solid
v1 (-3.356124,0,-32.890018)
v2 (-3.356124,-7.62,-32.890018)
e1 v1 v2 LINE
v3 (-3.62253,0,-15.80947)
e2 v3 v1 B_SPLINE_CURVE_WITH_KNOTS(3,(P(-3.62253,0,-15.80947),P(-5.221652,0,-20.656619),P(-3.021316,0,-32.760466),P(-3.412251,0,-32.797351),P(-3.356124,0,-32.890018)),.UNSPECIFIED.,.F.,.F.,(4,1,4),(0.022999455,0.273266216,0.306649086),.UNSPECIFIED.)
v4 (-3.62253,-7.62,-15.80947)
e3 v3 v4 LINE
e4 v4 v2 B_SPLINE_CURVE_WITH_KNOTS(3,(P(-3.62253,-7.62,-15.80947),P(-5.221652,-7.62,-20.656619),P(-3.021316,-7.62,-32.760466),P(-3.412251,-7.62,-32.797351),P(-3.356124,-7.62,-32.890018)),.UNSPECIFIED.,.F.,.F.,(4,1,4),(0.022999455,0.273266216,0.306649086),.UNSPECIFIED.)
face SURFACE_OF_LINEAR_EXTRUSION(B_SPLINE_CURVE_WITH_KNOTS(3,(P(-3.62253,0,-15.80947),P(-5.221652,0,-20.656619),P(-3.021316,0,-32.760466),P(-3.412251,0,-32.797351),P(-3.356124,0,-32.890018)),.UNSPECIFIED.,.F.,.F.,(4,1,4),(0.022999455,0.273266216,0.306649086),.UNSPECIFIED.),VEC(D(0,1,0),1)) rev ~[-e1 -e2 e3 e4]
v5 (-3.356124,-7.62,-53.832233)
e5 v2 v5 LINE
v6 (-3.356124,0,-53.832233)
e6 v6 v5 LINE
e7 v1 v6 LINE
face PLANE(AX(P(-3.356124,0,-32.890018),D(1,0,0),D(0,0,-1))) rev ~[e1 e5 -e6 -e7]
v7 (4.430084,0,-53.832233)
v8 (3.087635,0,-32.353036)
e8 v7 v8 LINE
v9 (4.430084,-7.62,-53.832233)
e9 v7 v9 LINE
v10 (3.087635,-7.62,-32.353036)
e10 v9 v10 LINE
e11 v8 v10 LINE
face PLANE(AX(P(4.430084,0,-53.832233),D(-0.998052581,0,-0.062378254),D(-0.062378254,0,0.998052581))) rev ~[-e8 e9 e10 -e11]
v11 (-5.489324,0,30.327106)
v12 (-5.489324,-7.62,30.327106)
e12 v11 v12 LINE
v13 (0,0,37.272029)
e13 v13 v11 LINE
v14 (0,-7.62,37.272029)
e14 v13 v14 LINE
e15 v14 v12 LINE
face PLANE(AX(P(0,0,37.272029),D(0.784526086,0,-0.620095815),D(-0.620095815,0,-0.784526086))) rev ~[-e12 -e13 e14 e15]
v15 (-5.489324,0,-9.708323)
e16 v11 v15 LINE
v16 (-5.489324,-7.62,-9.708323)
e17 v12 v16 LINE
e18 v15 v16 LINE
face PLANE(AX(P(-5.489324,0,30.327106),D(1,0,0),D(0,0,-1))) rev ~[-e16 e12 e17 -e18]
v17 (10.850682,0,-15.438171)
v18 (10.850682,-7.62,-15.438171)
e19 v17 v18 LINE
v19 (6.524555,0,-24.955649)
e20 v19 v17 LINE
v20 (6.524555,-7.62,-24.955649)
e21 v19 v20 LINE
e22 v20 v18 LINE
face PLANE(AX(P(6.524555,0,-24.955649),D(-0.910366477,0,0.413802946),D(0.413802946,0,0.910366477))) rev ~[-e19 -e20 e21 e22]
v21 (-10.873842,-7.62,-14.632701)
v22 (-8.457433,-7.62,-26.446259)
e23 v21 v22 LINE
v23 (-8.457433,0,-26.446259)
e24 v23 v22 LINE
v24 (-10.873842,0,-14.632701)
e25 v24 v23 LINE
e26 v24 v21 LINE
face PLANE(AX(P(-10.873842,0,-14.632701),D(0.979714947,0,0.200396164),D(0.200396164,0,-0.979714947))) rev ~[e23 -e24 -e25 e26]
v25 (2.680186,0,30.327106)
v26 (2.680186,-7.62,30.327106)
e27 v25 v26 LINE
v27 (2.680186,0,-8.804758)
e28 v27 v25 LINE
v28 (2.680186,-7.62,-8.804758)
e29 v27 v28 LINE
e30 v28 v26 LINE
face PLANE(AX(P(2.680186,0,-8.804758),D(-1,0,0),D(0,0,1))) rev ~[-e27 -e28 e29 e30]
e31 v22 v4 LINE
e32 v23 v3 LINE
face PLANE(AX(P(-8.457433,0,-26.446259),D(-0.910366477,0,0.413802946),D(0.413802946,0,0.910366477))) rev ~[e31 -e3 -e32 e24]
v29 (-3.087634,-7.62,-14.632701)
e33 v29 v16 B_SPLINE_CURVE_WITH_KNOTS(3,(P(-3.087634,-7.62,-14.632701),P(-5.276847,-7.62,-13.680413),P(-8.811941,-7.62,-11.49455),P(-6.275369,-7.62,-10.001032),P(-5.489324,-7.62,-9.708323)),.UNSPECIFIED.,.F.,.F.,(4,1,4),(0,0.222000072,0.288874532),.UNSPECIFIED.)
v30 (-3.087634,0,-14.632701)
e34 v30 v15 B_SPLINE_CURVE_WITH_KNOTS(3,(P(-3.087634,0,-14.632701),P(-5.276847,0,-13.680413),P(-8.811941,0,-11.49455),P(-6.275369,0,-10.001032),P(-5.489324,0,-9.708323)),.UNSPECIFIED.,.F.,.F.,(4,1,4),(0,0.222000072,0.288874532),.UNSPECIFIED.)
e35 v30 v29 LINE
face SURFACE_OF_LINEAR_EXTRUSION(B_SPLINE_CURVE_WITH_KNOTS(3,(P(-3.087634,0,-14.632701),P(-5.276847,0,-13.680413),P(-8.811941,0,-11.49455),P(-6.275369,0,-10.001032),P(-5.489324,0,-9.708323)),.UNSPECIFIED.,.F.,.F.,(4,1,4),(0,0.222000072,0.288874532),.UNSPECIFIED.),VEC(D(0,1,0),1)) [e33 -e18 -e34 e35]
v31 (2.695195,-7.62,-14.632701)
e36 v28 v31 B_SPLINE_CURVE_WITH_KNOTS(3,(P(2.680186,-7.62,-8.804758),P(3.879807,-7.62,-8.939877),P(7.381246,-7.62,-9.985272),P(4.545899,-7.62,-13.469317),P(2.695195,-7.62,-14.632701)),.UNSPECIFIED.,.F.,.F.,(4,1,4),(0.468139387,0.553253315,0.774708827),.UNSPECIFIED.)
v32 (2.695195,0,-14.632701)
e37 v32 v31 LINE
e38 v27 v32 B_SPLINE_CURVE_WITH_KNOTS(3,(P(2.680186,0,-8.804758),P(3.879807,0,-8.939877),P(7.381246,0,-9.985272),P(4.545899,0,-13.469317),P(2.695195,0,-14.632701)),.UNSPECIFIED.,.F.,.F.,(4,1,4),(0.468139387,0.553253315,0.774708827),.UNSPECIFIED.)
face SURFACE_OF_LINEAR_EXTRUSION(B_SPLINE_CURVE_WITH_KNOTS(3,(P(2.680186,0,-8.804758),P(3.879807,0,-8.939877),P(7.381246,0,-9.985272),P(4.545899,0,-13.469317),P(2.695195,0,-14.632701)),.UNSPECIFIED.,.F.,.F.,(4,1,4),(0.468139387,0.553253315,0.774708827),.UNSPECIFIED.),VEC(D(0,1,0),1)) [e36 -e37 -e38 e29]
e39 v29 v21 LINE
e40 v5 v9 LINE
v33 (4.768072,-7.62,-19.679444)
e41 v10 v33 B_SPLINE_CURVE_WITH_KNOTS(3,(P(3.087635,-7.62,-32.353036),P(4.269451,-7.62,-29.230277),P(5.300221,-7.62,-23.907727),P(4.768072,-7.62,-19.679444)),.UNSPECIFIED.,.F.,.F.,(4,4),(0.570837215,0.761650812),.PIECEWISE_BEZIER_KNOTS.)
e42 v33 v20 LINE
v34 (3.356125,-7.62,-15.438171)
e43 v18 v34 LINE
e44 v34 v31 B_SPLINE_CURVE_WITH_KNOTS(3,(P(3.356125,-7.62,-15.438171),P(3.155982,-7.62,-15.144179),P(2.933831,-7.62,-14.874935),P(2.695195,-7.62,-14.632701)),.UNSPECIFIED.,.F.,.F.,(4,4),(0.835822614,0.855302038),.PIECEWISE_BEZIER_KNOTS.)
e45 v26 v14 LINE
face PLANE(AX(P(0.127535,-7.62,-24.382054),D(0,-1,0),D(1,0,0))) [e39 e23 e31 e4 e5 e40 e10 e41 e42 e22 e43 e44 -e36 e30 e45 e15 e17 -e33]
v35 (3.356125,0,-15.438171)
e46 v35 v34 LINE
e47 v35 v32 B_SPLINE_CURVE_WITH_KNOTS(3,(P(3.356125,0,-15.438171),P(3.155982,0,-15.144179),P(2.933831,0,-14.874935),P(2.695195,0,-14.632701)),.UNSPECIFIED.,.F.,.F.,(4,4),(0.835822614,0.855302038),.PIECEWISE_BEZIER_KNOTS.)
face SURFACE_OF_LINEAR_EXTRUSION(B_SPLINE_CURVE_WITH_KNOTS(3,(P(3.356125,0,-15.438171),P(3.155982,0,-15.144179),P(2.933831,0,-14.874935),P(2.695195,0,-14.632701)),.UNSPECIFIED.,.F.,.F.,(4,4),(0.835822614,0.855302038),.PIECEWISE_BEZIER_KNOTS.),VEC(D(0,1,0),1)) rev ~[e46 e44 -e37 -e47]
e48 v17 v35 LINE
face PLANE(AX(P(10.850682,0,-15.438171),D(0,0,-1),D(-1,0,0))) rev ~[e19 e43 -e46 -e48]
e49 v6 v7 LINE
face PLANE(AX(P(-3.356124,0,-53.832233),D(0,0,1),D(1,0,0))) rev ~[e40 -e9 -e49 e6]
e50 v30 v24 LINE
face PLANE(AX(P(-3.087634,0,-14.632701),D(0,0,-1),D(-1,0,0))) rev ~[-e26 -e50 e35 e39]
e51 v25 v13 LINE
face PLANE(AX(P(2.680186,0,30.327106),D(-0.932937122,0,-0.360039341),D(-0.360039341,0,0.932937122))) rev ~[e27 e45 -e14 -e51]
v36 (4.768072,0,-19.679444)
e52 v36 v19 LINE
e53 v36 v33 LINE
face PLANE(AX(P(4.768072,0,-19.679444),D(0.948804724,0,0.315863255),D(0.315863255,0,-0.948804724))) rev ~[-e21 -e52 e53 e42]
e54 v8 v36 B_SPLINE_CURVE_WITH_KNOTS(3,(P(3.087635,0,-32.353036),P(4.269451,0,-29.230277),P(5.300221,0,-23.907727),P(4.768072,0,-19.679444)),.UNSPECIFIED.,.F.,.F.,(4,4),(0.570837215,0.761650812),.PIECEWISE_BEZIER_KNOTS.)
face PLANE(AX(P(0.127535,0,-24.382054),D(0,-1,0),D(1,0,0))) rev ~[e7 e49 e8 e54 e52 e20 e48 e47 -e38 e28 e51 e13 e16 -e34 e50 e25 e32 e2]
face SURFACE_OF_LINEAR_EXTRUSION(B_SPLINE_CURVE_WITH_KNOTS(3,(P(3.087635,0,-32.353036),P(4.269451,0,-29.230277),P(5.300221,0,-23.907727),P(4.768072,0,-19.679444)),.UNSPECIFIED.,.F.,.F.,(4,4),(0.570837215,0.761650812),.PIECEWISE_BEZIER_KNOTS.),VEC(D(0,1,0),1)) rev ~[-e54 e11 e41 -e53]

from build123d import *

# Parameters (mm, degrees)
F1_DEPTH = 7.62


with BuildPart() as f1:
    # F0 (on Front) → F1 (new body)
    with BuildSketch(Plane.XZ):
        with BuildLine():
            add(Edge.make_bspline(
                [(-3.6225296477, -15.809470365), (-5.221652466, -20.6566191195), (-3.0213163838, -32.7604657838), (-3.4122510352, -32.7973512532), (-3.3561242744, -32.8900180757)],
                knots=[0.0229994551, 0.0229994551, 0.0229994551, 0.0229994551, 0.2732662158, 0.3066490858, 0.3066490858, 0.3066490858, 0.3066490858], degree=3))
            add(Edge.make_bspline(
                [(-3.3561242744, -32.8900180757), (-3.1358457295, -33.2537039993), (0.4806107603, -36.7303956157), (2.2628287437, -34.532456504), (3.0876353849, -32.3530361056)],
                knots=[0.3066490858, 0.3066490858, 0.3066490858, 0.3066490858, 0.4376655552, 0.570837215, 0.570837215, 0.570837215, 0.570837215], degree=3))
            add(Edge.make_bspline(
                [(3.0876353849, -32.3530361056), (4.2694508133, -29.2302767542), (5.3002211715, -23.9077265842), (4.7680724157, -19.67944375)],
                knots=[0.570837215, 0.570837215, 0.570837215, 0.570837215, 0.7616508122, 0.7616508122, 0.7616508122, 0.7616508122], degree=3))
            Line((4.7680724157, -19.67944375), (3.3561252058, -15.4381711036))
            add(Edge.make_bspline(
                [(3.3561252058, -15.4381711036), (3.1559817041, -15.1441789227), (2.9338306018, -14.8749349929), (2.6951951163, -14.6327009425)],
                knots=[0.8358226137, 0.8358226137, 0.8358226137, 0.8358226137, 0.8553020379, 0.8553020379, 0.8553020379, 0.8553020379], degree=3))
            add(Edge.make_bspline(
                [(2.6951951163, -14.6327009425), (0.8124363798, -15.8162346158), (-0.8659672448, -15.5991068238), (-3.0876344535, -14.6327009425)],
                knots=[0.774708827, 0.774708827, 0.774708827, 0.774708827, 1, 1, 1, 1], degree=3))
            Line((-3.0876344535, -14.6327009425), (-3.6225296477, -15.809470365))
        make_face()
        with BuildLine():
            add(Edge.make_bspline(
                [(-3.3561242744, -32.8900180757), (-3.1358457295, -33.2537039993), (0.4806107603, -36.7303956157), (2.2628287437, -34.532456504), (3.0876353849, -32.3530361056)],
                knots=[0.3066490858, 0.3066490858, 0.3066490858, 0.3066490858, 0.4376655552, 0.570837215, 0.570837215, 0.570837215, 0.570837215], degree=3))
            Line((-3.3561242744, -32.8900180757), (-3.3561242744, -53.8322329521))
            Line((-3.3561242744, -53.8322329521), (4.4300844893, -53.8322329521))
            Line((4.4300844893, -53.8322329521), (3.0876353849, -32.3530361056))
        make_face()
        with BuildLine():
            Line((-8.4574334323, -26.4462586492), (-3.6225296477, -15.809470365))
            add(Edge.make_bspline(
                [(-3.0876344535, -14.6327009425), (-3.2987101155, -14.9678229002), (-3.4755706454, -15.3640185604), (-3.6225296477, -15.809470365)],
                knots=[0, 0, 0, 0, 0.0229994551, 0.0229994551, 0.0229994551, 0.0229994551], degree=3))
            Line((-3.0876344535, -14.6327009425), (-10.8738420531, -14.6327009425))
            Line((-10.8738420531, -14.6327009425), (-8.4574334323, -26.4462586492))
        make_face()
        with BuildLine():
            add(Edge.make_bspline(
                [(-3.0876344535, -14.6327009425), (-3.2987101155, -14.9678229002), (-3.4755706454, -15.3640185604), (-3.6225296477, -15.809470365)],
                knots=[0, 0, 0, 0, 0.0229994551, 0.0229994551, 0.0229994551, 0.0229994551], degree=3))
            Line((-3.6225296477, -15.809470365), (-3.0876344535, -14.6327009425))
        make_face()
        with BuildLine():
            Line((3.3561252058, -15.4381711036), (4.7680724157, -19.67944375))
            add(Edge.make_bspline(
                [(4.7680724157, -19.67944375), (4.5612190651, -18.0358535661), (4.1182115982, -16.5576051031), (3.3561252058, -15.4381711036)],
                knots=[0.7616508122, 0.7616508122, 0.7616508122, 0.7616508122, 0.8358226137, 0.8358226137, 0.8358226137, 0.8358226137], degree=3))
        make_face()
        with BuildLine():
            add(Edge.make_bspline(
                [(4.7680724157, -19.67944375), (4.5612190651, -18.0358535661), (4.1182115982, -16.5576051031), (3.3561252058, -15.4381711036)],
                knots=[0.7616508122, 0.7616508122, 0.7616508122, 0.7616508122, 0.8358226137, 0.8358226137, 0.8358226137, 0.8358226137], degree=3))
            Line((4.7680724157, -19.67944375), (6.5245554865, -24.9556492271))
            Line((6.5245554865, -24.9556492271), (10.8506819233, -15.4381711036))
            Line((10.8506819233, -15.4381711036), (3.3561252058, -15.4381711036))
        make_face()
        with BuildLine():
            add(Edge.make_bspline(
                [(-3.0876344535, -14.6327009425), (-5.2768470806, -13.6804125214), (-8.8119414144, -11.4945501592), (-6.2753688181, -10.0010317936), (-5.4893235481, -9.7083225846)],
                knots=[0, 0, 0, 0, 0.2220000722, 0.288874532, 0.288874532, 0.288874532, 0.288874532], degree=3))
            add(Edge.make_bspline(
                [(2.6951951163, -14.6327009425), (0.9225519342, -12.8333267335), (-1.7596804655, -12.5243264561), (-3.0876344535, -14.6327009425)],
                knots=[0.8553020379, 0.8553020379, 0.8553020379, 0.8553020379, 1, 1, 1, 1], degree=3))
            add(Edge.make_bspline(
                [(2.6801864152, -8.8047577827), (3.8798069065, -8.9398774496), (7.3812464459, -9.985272411), (4.5458992243, -13.4693173455), (2.6951951163, -14.6327009425)],
                knots=[0.4681393873, 0.4681393873, 0.4681393873, 0.4681393873, 0.5532533153, 0.774708827, 0.774708827, 0.774708827, 0.774708827], degree=3))
            add(Edge.make_bspline(
                [(-5.4893235481, -9.7083225846), (-3.3822367481, -8.9236811218), (0.1535753352, -8.5201720741), (2.6801864152, -8.8047577827)],
                knots=[0.288874532, 0.288874532, 0.288874532, 0.288874532, 0.4681393873, 0.4681393873, 0.4681393873, 0.4681393873], degree=3))
        make_face()
        with BuildLine():
            add(Edge.make_bspline(
                [(2.6951951163, -14.6327009425), (0.9225519342, -12.8333267335), (-1.7596804655, -12.5243264561), (-3.0876344535, -14.6327009425)],
                knots=[0.8553020379, 0.8553020379, 0.8553020379, 0.8553020379, 1, 1, 1, 1], degree=3))
            add(Edge.make_bspline(
                [(2.6951951163, -14.6327009425), (0.8124363798, -15.8162346158), (-0.8659672448, -15.5991068238), (-3.0876344535, -14.6327009425)],
                knots=[0.774708827, 0.774708827, 0.774708827, 0.774708827, 1, 1, 1, 1], degree=3))
        make_face()
        with BuildLine():
            Line((-5.4893235481, 30.3271058947), (-5.4893235481, -9.7083225846))
            add(Edge.make_bspline(
                [(-5.4893235481, -9.7083225846), (-3.3822367481, -8.9236811218), (0.1535753352, -8.5201720741), (2.6801864152, -8.8047577827)],
                knots=[0.288874532, 0.288874532, 0.288874532, 0.288874532, 0.4681393873, 0.4681393873, 0.4681393873, 0.4681393873], degree=3))
            Line((2.6801864152, -8.8047577827), (2.6801864152, 30.3271058947))
            Line((2.6801864152, 30.3271058947), (0, 37.272028625))
            Line((0, 37.272028625), (-5.4893235481, 30.3271058947))
        make_face()
    extrude(amount=F1_DEPTH)


solid = f1.part
